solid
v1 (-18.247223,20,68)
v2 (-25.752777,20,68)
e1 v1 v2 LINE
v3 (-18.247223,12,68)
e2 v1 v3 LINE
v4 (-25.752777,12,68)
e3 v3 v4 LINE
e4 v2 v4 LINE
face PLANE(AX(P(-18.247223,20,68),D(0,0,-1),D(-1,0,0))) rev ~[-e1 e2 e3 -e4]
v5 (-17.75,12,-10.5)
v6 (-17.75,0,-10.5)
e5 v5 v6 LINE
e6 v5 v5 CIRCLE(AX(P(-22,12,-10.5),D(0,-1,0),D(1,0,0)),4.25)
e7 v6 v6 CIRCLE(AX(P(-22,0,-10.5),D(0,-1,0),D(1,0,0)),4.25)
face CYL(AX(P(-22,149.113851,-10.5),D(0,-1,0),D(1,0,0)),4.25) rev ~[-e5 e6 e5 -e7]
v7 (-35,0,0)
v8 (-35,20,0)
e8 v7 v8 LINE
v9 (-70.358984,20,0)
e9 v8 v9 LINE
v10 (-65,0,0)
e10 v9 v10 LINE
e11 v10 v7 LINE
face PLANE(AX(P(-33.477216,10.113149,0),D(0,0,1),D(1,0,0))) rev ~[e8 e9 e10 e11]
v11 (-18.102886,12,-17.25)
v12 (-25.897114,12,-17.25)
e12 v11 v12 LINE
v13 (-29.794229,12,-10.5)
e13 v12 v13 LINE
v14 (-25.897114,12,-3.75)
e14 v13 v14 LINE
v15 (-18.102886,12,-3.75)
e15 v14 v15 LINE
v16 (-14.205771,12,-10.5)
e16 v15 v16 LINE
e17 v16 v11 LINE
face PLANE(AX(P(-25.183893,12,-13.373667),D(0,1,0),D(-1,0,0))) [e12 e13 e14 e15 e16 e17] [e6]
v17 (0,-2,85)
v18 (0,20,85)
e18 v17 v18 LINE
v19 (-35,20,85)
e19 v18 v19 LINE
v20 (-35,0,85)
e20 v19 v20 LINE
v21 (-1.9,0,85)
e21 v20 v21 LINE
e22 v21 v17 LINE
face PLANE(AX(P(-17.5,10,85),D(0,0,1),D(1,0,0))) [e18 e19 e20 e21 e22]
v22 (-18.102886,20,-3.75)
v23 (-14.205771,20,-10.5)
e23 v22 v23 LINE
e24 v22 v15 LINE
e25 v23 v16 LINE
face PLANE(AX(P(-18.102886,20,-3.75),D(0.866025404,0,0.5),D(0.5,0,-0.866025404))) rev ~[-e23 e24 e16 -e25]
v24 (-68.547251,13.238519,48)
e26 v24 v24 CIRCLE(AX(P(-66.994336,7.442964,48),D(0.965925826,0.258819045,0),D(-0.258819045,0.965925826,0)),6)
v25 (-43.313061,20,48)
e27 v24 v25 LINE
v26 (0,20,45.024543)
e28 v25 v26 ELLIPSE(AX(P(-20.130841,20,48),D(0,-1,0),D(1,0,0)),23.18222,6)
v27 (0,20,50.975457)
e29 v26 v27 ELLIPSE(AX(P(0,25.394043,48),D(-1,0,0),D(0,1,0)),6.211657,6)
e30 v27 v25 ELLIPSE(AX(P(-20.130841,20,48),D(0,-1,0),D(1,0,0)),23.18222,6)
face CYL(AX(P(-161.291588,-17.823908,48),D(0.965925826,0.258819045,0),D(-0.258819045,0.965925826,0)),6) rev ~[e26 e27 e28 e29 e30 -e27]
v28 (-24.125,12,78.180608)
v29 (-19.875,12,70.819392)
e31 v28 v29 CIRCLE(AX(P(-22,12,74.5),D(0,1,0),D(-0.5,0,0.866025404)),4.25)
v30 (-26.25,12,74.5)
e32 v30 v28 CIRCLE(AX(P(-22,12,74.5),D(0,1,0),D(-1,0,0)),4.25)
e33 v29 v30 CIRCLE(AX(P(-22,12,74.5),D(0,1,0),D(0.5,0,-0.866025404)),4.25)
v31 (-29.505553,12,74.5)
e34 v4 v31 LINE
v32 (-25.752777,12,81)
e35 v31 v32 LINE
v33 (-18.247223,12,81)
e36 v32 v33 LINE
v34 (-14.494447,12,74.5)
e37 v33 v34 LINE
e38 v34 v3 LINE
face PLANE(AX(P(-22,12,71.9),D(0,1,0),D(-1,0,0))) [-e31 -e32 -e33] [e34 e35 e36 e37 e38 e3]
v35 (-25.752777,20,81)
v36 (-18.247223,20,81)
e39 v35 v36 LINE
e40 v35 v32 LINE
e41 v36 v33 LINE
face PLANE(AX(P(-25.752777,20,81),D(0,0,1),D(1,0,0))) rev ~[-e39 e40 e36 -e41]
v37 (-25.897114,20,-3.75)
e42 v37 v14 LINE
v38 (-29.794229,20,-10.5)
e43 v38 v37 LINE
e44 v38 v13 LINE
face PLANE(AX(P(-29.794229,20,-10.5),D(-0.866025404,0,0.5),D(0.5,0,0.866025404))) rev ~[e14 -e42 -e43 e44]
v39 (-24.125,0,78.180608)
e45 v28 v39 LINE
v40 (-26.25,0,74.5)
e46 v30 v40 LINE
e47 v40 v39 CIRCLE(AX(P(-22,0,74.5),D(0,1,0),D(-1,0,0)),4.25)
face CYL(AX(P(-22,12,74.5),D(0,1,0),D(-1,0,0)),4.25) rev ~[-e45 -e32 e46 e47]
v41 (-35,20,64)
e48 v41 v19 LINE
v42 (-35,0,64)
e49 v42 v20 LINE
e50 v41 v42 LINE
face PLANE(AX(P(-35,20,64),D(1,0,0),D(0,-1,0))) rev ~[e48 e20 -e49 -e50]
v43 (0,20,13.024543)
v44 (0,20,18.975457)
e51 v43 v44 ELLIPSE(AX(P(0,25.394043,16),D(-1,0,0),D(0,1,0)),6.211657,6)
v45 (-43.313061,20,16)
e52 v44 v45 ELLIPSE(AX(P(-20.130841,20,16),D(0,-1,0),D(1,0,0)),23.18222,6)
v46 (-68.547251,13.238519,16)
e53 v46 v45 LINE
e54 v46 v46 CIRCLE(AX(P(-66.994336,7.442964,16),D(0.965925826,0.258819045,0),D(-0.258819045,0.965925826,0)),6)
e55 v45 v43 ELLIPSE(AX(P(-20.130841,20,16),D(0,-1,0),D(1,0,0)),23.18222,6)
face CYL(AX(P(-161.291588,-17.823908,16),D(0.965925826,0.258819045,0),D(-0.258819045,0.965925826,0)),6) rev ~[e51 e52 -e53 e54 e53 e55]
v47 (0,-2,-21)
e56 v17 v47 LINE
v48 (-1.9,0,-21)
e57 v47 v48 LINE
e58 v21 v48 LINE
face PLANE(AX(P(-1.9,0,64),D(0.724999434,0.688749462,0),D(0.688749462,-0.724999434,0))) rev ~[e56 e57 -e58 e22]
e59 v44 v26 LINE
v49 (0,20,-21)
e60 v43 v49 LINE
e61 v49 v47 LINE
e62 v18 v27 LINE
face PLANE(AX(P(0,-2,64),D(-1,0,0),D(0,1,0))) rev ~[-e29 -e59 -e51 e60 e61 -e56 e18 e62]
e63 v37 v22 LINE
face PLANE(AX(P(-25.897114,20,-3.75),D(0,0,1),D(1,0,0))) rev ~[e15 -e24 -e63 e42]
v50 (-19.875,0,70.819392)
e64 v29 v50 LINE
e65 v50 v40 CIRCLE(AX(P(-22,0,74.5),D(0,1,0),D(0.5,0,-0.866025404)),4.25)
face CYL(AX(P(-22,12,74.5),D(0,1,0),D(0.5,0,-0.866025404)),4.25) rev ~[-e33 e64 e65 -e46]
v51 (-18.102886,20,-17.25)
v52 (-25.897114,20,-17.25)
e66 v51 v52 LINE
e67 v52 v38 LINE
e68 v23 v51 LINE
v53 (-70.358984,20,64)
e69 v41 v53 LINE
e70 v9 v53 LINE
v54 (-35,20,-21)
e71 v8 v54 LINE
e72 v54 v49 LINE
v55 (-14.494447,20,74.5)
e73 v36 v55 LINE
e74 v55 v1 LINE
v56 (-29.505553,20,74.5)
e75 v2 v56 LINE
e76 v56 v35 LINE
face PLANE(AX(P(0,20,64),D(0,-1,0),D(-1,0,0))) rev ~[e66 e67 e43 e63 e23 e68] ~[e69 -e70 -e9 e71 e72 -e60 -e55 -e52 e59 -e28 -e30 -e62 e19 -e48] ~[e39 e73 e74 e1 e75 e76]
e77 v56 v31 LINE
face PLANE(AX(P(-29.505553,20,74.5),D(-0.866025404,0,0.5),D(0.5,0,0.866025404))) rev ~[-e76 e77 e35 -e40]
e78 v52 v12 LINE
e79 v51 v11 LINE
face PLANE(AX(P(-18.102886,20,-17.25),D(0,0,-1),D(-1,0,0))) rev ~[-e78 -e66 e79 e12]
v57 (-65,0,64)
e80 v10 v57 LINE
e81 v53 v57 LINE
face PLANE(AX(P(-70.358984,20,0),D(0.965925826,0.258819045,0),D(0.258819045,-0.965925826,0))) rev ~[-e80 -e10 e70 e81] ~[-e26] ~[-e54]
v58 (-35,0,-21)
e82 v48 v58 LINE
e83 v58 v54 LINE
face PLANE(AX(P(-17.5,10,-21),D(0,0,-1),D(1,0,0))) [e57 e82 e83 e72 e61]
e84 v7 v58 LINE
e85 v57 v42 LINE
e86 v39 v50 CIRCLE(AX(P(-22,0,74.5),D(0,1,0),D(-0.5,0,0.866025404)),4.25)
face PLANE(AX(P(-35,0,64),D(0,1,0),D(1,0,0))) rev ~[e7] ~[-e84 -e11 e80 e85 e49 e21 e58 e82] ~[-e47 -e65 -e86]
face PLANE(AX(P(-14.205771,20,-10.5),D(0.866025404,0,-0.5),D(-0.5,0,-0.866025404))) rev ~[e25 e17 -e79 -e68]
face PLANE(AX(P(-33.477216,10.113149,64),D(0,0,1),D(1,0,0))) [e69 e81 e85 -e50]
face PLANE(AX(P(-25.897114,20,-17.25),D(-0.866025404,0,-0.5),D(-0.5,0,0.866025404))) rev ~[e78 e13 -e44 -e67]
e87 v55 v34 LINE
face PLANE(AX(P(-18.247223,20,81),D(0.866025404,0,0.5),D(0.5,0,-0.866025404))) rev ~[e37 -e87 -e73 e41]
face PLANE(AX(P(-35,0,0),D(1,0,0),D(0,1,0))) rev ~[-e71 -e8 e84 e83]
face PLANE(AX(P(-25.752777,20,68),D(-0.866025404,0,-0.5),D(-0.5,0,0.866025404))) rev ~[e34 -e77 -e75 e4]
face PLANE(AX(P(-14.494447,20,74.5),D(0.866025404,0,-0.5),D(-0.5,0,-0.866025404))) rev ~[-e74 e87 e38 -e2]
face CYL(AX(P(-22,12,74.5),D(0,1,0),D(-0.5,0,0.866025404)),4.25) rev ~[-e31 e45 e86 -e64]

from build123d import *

# Parameters (mm, degrees)
F1_DEPTH  = 64
F3_D      = 12
F5_DEPTH  = 21
F7_DEPTH  = 8
F9_DEPTH  = 21
F11_DEPTH = 8
F13_DEPTH = 25
F14_D     = 8.5


with BuildPart() as f1:
    # F0 (on Top) → F1 (new body)
    with BuildSketch(Plane.XY):
        Polygon((-65, 0), (-1.9, 0), (0, -2), (0, 20), (-70.3589838486, 20), align=None)
    extrude(amount=F1_DEPTH)

    # F3 (through all)
    with Locations(Plane(origin=(-60.645825623, -16.25, 0), x_dir=(0.2588190451, -0.9659258263, 0), z_dir=(-0.9659258263, -0.2588190451, 0))):
        with Locations((-24.5287615399, 48), (-24.5287615399, 16)):
            Hole(F3_D / 2)

    # F4 (on face) → F5 (join)
    with BuildSketch(Plane(origin=(0, 0, 0), x_dir=(1, 0, 0), z_dir=(0, 0, -1))):
        Polygon((-35, -20), (0, -20), (0, 0), (-1.9, 0), (-35, 0), align=None)
        Polygon((-1.9, 0), (0, 0), (0, 2), align=None)
    extrude(amount=F5_DEPTH)

    # F6 (on face) → F7 (cut)
    with BuildSketch(Plane(origin=(0, 20, 0), x_dir=(-1, 0, 0), z_dir=(0, 1, 0))):
        Polygon((25.897114317, -17.25), (29.7942286341, -10.5), (22, -10.5), (22, -17.25), align=None)
        Polygon((22, -10.5), (29.7942286341, -10.5), (25.897114317, -3.75), (18.102885683, -3.75), (14.2057713659, -10.5), align=None)
        Polygon((22, -17.25), (22, -10.5), (14.2057713659, -10.5), (18.102885683, -17.25), align=None)
    extrude(amount=-F7_DEPTH, mode=Mode.SUBTRACT)

    # F8 (on face) → F9 (join)
    with BuildSketch(Plane.XY.offset(64)):
        Polygon((0, 0), (0, 20), (-35, 20), (-35, 0), (-1.9, 0), align=None)
        Polygon((0, -2), (0, 0), (-1.9, 0), align=None)
    extrude(amount=F9_DEPTH)

    # F10 (on face) → F11 (cut)
    with BuildSketch(Plane(origin=(0, 20, 0), x_dir=(-1, 0, 0), z_dir=(0, 1, 0))):
        Polygon((25.7527767497, 68), (29.5055534995, 74.5), (14.4944465005, 74.5), (18.2472232503, 68), align=None)
        Polygon((14.4944465005, 74.5), (29.5055534995, 74.5), (25.7527767497, 81), (18.2472232503, 81), align=None)
    extrude(amount=-F11_DEPTH, mode=Mode.SUBTRACT)

    # F12 (on face) → F13 (cut)
    with BuildSketch(Plane(origin=(0, 12, 0), x_dir=(-1, 0, 0), z_dir=(0, 1, 0))):
        with BuildLine():
            Line((19.875, 70.8193920339), (24.125, 78.1806079661))
            ThreePointArc((24.125, 78.1806079661), (18.3193920339, 76.625), (19.875, 70.8193920339))
        make_face()
        with BuildLine():
            ThreePointArc((26.25, 74.5), (25.6806079661, 76.625), (24.125, 78.1806079661))
            Line((24.125, 78.1806079661), (19.875, 70.8193920339))
            ThreePointArc((19.875, 70.8193920339), (24.125, 70.8193920339), (26.25, 74.5))
        make_face()
    extrude(amount=-F13_DEPTH, mode=Mode.SUBTRACT)

    # F14 (through all)
    with Locations(Plane(origin=(0, 20, 0), x_dir=(-1, 0, 0), z_dir=(0, 1, 0))):
        with Locations((22, -10.5)):
            Hole(F14_D / 2)


solid = f1.part
